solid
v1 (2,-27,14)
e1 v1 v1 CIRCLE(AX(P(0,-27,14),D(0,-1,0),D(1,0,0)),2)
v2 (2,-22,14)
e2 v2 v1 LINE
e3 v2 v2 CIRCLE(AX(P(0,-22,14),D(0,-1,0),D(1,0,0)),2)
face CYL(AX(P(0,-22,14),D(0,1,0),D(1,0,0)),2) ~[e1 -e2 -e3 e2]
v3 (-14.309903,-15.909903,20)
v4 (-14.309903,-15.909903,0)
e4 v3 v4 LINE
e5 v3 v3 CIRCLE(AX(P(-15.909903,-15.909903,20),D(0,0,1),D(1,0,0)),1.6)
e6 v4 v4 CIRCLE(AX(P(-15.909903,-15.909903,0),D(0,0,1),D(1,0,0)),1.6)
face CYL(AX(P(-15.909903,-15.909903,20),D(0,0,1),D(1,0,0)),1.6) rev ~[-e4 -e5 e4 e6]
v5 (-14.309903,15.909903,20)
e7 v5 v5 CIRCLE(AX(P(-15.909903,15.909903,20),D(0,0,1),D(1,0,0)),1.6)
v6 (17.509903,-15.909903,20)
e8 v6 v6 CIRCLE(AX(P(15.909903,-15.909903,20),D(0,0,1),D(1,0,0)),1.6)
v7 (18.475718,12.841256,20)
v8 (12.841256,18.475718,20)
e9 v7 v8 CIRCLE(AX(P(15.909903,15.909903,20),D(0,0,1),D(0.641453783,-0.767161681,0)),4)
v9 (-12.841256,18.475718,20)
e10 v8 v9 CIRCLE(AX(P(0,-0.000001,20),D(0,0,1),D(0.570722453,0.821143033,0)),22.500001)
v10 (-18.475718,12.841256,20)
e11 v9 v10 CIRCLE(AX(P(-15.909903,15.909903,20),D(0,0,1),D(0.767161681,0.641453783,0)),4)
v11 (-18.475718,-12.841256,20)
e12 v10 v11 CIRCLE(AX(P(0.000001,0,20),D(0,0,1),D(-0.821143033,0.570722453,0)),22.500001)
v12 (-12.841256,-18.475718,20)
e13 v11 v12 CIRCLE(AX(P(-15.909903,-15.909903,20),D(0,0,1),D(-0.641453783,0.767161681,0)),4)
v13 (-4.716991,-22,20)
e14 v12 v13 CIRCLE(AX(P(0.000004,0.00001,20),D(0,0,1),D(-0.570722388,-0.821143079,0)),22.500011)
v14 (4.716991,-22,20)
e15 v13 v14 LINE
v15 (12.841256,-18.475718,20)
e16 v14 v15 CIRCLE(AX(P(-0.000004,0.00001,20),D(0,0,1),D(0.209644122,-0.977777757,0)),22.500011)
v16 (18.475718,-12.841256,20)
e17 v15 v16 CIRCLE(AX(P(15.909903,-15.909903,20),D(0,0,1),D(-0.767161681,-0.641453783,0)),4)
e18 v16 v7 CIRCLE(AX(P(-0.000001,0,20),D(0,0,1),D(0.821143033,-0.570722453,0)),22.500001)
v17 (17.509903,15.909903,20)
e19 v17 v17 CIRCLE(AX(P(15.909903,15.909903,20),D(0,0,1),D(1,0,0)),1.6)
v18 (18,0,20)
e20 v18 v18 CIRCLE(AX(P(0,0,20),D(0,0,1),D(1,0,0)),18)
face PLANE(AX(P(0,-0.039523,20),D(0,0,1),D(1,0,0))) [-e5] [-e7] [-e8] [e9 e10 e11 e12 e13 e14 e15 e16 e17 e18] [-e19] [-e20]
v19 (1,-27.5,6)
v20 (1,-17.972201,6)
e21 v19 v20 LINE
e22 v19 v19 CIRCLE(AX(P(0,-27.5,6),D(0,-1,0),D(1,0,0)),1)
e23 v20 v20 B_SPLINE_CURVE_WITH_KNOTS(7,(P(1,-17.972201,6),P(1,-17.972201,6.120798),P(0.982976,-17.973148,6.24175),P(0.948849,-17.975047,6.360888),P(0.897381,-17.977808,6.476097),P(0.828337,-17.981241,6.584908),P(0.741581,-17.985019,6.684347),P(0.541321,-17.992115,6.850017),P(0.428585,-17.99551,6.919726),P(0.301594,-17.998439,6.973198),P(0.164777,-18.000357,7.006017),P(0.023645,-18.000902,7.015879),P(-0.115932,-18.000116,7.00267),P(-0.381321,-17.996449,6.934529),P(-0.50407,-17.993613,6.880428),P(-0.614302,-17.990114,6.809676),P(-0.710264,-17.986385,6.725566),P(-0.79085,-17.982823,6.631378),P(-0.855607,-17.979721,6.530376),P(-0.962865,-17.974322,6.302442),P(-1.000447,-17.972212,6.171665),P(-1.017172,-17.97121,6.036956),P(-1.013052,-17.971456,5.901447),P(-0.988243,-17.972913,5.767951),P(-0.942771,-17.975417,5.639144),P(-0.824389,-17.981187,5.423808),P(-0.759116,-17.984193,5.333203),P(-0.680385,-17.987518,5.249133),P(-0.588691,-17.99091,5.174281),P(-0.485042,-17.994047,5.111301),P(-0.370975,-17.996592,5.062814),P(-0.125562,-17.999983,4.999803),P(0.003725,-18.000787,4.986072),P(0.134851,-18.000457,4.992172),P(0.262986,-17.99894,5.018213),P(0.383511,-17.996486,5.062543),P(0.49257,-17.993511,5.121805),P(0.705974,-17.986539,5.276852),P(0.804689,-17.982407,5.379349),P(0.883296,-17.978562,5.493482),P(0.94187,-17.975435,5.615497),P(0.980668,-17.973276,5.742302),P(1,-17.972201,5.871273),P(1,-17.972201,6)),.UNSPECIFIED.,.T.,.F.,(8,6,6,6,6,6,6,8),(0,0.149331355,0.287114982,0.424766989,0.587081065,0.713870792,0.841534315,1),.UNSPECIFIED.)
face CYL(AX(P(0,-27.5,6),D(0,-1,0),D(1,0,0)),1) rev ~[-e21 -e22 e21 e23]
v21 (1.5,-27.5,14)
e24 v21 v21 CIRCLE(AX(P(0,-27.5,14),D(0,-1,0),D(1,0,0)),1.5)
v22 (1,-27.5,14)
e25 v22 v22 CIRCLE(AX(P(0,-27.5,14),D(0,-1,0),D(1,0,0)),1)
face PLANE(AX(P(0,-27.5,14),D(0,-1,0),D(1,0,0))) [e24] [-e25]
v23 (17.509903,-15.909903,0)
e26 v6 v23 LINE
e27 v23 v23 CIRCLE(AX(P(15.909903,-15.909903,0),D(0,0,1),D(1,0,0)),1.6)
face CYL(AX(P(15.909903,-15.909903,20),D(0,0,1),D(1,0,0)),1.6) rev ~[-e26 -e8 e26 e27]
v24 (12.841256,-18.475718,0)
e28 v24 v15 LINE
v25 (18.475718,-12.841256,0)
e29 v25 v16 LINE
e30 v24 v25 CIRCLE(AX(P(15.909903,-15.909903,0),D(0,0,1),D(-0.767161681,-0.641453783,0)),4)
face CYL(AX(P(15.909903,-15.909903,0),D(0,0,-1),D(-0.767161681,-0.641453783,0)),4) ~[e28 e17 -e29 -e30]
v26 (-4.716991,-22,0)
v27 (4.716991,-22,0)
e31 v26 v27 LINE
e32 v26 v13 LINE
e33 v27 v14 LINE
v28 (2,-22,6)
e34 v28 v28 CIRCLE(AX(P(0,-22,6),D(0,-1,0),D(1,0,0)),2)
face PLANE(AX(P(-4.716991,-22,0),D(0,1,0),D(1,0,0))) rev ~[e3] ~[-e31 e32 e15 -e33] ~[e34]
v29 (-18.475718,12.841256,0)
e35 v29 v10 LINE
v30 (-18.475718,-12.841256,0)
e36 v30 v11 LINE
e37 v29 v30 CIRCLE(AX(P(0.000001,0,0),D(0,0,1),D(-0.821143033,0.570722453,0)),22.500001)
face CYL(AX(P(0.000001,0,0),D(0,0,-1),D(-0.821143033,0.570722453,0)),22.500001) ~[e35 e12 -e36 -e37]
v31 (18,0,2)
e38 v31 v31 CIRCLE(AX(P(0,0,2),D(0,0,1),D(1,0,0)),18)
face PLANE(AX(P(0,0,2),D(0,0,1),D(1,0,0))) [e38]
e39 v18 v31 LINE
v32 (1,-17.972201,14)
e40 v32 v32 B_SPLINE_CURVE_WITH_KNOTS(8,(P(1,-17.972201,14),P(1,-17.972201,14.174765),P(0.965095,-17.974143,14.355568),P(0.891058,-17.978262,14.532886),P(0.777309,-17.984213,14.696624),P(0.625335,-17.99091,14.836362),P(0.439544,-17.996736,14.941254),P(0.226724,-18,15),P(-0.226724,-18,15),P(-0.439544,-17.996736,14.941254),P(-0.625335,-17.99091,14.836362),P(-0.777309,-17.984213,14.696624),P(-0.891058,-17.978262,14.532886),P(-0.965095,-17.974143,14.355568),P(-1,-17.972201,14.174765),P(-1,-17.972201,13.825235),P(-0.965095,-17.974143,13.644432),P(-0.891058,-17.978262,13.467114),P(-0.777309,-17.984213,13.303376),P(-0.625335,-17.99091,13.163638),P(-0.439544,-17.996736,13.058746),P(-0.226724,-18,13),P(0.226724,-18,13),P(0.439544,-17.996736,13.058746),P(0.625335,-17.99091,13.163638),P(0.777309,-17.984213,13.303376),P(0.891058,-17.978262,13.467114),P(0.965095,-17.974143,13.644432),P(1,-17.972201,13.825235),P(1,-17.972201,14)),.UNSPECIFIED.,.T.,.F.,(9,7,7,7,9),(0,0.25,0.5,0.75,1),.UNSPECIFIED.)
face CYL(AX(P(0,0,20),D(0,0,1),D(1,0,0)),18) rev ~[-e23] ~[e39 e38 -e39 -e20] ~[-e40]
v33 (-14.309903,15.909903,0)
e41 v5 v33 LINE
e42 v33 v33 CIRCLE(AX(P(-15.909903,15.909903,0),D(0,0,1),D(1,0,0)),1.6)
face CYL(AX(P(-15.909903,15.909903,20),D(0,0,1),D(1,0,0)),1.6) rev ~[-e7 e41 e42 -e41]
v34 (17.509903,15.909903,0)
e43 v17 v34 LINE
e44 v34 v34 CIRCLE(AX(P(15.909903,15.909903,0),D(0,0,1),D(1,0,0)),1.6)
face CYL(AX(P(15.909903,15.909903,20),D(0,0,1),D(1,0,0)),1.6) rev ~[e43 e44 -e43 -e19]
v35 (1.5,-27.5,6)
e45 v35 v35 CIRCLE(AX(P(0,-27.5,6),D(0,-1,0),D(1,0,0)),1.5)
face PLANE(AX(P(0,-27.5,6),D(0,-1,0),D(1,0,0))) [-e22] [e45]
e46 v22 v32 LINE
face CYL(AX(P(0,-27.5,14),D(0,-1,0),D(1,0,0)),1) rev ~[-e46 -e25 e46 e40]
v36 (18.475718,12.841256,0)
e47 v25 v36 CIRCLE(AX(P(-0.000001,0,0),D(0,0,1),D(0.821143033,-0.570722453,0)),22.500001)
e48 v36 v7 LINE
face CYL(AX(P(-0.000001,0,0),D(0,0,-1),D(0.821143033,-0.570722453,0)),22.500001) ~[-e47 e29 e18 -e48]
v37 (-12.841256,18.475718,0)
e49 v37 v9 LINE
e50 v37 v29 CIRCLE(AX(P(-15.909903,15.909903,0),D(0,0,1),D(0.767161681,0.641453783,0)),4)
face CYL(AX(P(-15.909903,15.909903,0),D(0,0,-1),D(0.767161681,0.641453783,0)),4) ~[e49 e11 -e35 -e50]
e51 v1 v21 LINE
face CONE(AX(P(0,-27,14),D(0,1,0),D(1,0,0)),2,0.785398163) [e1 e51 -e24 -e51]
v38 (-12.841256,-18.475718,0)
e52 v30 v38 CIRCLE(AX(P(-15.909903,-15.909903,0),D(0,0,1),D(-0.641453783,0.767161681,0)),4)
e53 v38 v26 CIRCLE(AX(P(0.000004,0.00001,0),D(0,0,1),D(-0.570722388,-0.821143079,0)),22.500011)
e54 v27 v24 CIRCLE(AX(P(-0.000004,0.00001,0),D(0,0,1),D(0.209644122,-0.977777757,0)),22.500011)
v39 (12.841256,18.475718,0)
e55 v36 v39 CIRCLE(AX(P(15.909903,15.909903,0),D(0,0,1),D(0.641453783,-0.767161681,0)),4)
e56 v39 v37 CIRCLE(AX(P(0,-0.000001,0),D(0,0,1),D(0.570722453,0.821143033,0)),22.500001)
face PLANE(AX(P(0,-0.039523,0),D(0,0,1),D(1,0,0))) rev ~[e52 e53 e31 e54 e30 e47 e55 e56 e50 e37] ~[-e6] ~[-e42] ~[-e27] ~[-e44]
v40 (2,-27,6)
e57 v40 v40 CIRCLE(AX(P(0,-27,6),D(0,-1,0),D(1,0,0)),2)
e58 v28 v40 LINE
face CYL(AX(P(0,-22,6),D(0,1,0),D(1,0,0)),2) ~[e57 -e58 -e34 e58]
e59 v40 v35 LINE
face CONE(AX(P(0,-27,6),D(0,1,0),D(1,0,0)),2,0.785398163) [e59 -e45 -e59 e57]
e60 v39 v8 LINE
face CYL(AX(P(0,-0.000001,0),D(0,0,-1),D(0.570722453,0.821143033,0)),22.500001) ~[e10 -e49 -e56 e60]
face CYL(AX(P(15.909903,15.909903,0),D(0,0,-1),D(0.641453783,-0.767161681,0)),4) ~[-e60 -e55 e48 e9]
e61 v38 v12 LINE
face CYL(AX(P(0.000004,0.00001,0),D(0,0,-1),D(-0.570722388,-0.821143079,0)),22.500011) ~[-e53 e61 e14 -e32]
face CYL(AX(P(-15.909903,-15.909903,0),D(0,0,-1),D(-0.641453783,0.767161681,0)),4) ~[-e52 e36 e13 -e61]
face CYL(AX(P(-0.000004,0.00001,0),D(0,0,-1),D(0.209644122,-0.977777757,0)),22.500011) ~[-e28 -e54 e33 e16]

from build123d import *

# Parameters (mm, degrees)
F1_DEPTH  = 20
F2_R      = 1.6
F3_DEPTH  = 20.001
F4_R      = 18
F5_DEPTH  = 18
F6_R      = 2
F7_DEPTH  = 5.5
F9_R      = 1
F10_DEPTH = 25
F11_R     = 1
F12_DEPTH = 25
F13_SIZE  = 0.5


with BuildPart() as f1:
    # F0 (on Top) → F1 (new body)
    with BuildSketch(Plane.XY):
        with BuildLine():
            ThreePointArc((18.475718, 12.841256), (18.73833, 18.73833), (12.841256, 18.475718))
            ThreePointArc((12.841256, 18.475718), (0, 22.5), (-12.841256, 18.475718))
            ThreePointArc((-12.841256, 18.475718), (-18.73833, 18.73833), (-18.475718, 12.841256))
            ThreePointArc((-18.475718, 12.841256), (-22.5, 0), (-18.475718, -12.841256))
            ThreePointArc((-18.475718, -12.841256), (-18.73833, -18.73833), (-12.841256, -18.475718))
            ThreePointArc((-12.841256, -18.475718), (-8.954225, -20.641508), (-4.716991, -22))
            Line((-4.716991, -22), (4.716991, -22))
            ThreePointArc((4.716991, -22), (8.954225, -20.641508), (12.841256, -18.475718))
            ThreePointArc((12.841256, -18.475718), (18.73833, -18.73833), (18.475718, -12.841256))
            ThreePointArc((18.475718, -12.841256), (22.5, 0), (18.475718, 12.841256))
        make_face()
    extrude(amount=F1_DEPTH)

    # F2 (on face) → F3 (cut, through all)
    with BuildSketch(Plane.XY.offset(20)):
        with Locations((-15.909903, 15.909903)):
            Circle(F2_R)
        with Locations((15.909903, 15.909903)):
            Circle(F2_R)
        with Locations((15.909903, -15.909903)):
            Circle(F2_R)
        with Locations((-15.909903, -15.909903)):
            Circle(F2_R)
    extrude(amount=-F3_DEPTH, mode=Mode.SUBTRACT)

    # F4 (on face) → F5 (cut)
    with BuildSketch(Plane.XY.offset(20)):
        Circle(F4_R)
    extrude(amount=-F5_DEPTH, mode=Mode.SUBTRACT)

    # F6 (on face) → F7 (join)
    with BuildSketch(Plane.XZ.offset(22)):
        with Locations((0, 14)):
            Circle(F6_R)
        with Locations((0, 6)):
            Circle(F6_R)
    extrude(amount=F7_DEPTH)

    # F9 (on face) → F10 (cut)
    with BuildSketch(Plane.XZ.offset(27.5)):
        with Locations((0, 6)):
            Circle(F9_R)
    extrude(amount=-F10_DEPTH, mode=Mode.SUBTRACT)

    # F11 (on face) → F12 (cut)
    with BuildSketch(Plane.XZ.offset(27.5)):
        with Locations((0, 14)):
            Circle(F11_R)
    extrude(amount=-F12_DEPTH, mode=Mode.SUBTRACT)

    # F13
    f13_edges = [f1.edges().sort_by_distance(p)[0] for p in [
        (-2, -27.5, 14),
        (-2, -27.5, 6),
    ]]
    chamfer(f13_edges, length=F13_SIZE)


solid = f1.part
